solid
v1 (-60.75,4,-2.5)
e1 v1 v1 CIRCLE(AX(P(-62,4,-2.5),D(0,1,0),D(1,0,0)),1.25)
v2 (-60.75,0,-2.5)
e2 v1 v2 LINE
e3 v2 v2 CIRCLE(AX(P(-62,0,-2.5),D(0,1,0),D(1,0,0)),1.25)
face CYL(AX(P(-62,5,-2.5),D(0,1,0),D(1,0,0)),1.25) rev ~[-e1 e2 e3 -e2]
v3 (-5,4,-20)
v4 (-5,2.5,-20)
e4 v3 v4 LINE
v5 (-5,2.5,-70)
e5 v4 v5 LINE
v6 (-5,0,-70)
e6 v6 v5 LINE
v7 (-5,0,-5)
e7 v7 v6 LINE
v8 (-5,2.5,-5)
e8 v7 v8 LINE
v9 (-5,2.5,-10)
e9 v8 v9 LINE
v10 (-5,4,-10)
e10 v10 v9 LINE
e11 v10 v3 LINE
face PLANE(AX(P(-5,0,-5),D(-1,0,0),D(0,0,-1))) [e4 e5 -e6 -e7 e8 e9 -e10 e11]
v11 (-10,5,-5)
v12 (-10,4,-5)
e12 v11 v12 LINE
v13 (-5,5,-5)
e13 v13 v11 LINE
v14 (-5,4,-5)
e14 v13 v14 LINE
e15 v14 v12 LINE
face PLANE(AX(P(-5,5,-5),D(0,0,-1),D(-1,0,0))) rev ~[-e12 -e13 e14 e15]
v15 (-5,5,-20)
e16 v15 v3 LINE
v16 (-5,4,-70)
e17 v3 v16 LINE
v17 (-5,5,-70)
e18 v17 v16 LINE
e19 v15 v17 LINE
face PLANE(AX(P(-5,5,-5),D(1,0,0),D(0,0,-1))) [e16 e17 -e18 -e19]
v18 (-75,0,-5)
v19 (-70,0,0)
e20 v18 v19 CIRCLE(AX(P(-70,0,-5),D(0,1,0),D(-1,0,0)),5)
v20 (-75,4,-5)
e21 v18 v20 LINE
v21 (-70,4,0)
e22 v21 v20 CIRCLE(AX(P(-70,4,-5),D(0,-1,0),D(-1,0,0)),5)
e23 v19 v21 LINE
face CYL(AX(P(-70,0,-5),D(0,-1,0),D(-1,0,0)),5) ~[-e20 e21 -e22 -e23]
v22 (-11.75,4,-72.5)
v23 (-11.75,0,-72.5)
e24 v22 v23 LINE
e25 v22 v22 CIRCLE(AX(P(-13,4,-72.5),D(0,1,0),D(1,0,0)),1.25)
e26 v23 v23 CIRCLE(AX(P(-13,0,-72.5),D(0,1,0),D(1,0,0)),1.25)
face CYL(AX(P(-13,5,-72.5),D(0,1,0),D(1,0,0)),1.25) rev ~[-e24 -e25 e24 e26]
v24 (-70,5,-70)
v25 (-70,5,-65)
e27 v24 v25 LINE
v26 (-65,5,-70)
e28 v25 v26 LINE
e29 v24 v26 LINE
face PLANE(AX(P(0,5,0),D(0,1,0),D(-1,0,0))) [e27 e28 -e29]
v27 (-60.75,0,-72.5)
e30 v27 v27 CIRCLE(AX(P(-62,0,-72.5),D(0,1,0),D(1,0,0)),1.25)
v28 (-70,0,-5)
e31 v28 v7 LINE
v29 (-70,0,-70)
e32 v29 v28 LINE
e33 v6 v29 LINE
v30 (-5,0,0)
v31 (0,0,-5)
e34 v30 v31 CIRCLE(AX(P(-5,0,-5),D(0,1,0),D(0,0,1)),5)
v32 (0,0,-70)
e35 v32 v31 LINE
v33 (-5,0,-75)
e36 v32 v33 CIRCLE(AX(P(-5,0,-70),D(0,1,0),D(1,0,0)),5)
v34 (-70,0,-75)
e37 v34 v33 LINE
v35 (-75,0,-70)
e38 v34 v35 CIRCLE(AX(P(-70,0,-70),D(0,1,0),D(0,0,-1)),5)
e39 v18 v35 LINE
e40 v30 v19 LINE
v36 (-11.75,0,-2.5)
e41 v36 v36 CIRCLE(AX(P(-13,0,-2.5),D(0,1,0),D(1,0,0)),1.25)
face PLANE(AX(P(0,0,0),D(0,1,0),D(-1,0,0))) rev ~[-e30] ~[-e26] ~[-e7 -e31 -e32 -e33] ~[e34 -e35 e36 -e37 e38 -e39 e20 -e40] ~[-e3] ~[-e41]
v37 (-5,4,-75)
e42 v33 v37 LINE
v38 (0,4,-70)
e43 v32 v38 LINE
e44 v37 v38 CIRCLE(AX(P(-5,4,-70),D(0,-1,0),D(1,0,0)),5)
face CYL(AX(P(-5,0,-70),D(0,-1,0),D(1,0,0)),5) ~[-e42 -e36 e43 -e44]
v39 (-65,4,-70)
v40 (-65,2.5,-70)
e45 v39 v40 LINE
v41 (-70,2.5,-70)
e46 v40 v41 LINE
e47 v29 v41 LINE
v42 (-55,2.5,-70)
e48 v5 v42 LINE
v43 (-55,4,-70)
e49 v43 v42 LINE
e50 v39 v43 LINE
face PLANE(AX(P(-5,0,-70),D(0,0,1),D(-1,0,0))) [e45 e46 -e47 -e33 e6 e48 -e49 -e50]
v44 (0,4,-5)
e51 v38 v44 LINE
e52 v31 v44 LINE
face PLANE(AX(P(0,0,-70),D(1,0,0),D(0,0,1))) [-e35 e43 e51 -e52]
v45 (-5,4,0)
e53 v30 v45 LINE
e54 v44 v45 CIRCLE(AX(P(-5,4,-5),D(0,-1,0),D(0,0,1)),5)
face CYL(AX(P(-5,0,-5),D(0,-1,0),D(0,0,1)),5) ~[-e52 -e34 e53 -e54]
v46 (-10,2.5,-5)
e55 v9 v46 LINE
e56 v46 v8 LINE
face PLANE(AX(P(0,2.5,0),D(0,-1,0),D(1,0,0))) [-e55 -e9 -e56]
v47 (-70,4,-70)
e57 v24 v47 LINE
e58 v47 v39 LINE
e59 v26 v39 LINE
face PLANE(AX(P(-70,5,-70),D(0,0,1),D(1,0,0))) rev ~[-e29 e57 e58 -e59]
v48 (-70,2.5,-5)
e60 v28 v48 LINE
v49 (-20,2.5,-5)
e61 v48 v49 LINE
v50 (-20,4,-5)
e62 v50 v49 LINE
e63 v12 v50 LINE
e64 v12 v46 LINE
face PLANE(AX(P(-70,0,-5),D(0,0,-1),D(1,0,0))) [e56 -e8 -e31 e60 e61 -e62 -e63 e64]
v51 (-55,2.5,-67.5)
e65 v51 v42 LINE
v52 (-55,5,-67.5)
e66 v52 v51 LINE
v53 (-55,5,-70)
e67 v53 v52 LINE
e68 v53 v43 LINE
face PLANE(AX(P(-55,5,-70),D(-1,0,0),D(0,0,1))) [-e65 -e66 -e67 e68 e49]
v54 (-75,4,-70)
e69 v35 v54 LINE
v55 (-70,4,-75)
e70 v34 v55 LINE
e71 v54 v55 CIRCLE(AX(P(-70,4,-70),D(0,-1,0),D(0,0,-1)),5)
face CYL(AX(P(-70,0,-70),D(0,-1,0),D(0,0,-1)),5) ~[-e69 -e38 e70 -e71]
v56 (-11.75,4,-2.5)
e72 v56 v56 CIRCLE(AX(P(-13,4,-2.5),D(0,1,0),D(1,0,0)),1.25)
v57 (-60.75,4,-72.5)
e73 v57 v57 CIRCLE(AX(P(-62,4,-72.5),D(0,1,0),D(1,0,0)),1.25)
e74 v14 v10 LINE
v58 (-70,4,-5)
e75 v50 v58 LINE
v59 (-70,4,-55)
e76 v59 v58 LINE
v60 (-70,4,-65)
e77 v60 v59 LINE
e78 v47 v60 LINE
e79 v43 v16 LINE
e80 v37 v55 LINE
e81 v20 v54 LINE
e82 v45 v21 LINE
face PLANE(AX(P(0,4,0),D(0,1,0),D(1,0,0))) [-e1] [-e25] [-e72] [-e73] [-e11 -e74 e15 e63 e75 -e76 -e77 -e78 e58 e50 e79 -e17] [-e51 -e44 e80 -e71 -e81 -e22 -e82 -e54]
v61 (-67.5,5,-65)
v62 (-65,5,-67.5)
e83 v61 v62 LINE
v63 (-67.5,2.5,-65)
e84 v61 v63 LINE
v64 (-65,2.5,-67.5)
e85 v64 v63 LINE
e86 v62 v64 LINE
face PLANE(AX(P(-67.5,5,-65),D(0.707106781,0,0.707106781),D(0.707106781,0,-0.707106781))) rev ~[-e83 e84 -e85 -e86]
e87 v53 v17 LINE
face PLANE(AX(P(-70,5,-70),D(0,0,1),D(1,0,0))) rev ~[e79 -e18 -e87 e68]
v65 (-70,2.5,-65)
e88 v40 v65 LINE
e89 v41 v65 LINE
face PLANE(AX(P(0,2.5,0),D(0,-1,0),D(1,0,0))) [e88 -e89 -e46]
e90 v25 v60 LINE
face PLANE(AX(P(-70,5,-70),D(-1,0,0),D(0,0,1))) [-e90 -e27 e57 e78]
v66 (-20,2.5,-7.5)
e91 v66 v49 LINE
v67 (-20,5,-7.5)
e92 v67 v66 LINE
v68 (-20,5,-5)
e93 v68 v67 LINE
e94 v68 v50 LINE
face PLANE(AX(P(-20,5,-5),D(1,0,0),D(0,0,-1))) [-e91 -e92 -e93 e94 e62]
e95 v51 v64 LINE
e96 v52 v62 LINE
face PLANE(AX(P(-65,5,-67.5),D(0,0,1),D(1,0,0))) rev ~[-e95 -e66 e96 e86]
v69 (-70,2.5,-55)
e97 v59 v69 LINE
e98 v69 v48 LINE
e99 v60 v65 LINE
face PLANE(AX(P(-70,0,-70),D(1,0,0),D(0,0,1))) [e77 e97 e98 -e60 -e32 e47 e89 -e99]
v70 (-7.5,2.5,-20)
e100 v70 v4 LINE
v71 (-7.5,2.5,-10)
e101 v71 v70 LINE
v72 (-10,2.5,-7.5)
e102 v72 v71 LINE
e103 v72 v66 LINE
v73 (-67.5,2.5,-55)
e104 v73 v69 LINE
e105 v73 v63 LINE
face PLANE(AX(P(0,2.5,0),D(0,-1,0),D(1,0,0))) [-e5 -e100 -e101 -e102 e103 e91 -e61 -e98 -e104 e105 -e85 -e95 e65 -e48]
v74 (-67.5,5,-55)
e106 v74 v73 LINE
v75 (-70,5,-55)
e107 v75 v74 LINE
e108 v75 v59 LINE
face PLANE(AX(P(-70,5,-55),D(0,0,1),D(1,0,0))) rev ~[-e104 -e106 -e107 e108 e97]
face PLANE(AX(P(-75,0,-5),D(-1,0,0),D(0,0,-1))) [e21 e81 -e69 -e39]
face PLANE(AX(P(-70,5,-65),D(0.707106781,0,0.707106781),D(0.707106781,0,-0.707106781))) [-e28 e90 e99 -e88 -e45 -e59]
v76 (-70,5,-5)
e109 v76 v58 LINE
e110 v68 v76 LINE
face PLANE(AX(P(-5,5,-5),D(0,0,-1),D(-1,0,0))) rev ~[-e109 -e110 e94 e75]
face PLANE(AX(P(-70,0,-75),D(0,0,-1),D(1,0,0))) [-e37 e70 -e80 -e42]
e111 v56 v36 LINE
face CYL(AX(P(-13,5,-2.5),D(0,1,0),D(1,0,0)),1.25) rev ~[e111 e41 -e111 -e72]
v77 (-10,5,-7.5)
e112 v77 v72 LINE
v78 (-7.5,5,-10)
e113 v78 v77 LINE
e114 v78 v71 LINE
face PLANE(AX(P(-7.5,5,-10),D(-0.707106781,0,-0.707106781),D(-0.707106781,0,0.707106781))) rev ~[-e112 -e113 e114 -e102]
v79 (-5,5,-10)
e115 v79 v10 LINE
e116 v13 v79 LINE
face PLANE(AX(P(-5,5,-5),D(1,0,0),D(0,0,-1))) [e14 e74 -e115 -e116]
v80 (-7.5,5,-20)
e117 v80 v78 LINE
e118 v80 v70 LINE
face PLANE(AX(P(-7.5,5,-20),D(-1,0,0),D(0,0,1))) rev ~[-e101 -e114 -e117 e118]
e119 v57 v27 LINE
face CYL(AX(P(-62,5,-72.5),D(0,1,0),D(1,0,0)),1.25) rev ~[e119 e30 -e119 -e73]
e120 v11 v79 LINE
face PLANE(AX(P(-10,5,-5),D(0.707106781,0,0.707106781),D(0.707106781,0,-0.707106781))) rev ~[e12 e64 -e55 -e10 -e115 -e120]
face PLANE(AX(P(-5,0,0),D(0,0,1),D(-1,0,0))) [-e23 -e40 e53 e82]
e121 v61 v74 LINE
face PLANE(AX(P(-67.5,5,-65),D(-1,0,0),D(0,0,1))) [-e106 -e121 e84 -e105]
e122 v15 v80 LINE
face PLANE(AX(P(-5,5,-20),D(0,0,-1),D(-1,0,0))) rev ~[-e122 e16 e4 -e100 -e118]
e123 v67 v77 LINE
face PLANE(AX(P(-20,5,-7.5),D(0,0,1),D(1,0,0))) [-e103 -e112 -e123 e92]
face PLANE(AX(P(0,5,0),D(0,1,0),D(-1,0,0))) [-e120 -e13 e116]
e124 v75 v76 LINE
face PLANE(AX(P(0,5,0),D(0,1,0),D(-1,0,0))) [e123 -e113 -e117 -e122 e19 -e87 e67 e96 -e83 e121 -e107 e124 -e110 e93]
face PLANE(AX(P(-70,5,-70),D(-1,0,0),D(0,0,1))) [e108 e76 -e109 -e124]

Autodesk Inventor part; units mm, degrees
ref_plane "YZ Plane" through (0, 0, 0) normal (1, 0, 0) x (0, 1, 0)
ref_plane "XZ Plane" through (0, 0, 0) normal (0, 1, 0) x (-1, 0, 0)
ref_plane "XY Plane" through (0, 0, 0) normal (0, 0, 1) x (1, 0, 0)
sketch "Esboço1" plane through (0, 0, 0) normal (0, 1, 0) x (-1, 0, 0)
  line L0 (5, 0) -> (70, 0)
  line L1 (75, -5) -> (75, -70)
  line L2 (70, -75) -> (5, -75)
  line L3 (0, -70) -> (0, -5)
  arc A0 (70, -75) -> (75, -70) centre (70, -70) ccw
  arc A1 (0, -70) -> (5, -75) centre (5, -70) ccw
  arc A2 (75, -5) -> (70, 0) centre (70, -5) ccw
  arc A3 (5, 0) -> (0, -5) centre (5, -5) ccw
  point P0 (0, 0)
  point P1 (75, -75)
  point P2 (75, 0)
  point P3 (0, -75)
  dimension "d0" = 75
  dimension "d1" = 75
  dimension "d2" = 5
extrude "Extrusão1" add sketch "Esboço1" along normal blind 5
sketch "Esboço2" plane through (0, 5, 0) normal (0, 1, 0) x (1, 0, 0)
  line L0 (0, 75) -> (-13, 75)
  line L1 (-75, 75) -> (-62, 75)
  line L2 (-75, 0) -> (-62, 0)
  line L3 (-70, 0) -> (-5, 0) projected
  line L4 (0, 0) -> (-13, 0)
  line L5 (-13, 75) -> (-13, 72.5)
  line L6 (-62, 75) -> (-62, 72.5)
  line L7 (-62, 0) -> (-62, 2.5)
  line L8 (-13, 0) -> (-13, 2.5)
  circle A0 centre (-62, 72.5) radius 1.25
  circle A1 centre (-13, 72.5) radius 1.25
  circle A2 centre (-62, 2.5) radius 1.25
  circle A3 centre (-13, 2.5) radius 1.25
  dimension "d5" = 13
  dimension "d6" = 2.5
  dimension "d7" = 2.5
  dimension "d8" = 2.5
  dimension "d9" = 2.5
  dimension "d10" = 2.5
  dimension "d11" = 2.5
extrude "Extrusão2" cut sketch "Esboço2" against normal through all
sketch "Esboço3" plane through (0, 0, 0) normal (0, -1, 0) x (1, 0, 0)
  line L0 (-5, -75) -> (-70, -75) projected
  line L1 (-5, -75) -> (-5, -70)
  line L2 (-5, -70) -> (-70, -70)
  line L3 (-70, -70) -> (-70, -5)
  line L4 (-70, -5) -> (-5, -5)
  line L5 (-5, -5) -> (-5, -70)
  point P0 (0, 0)
  dimension "d14" = 5
  dimension "d15" = 65
  dimension "d16" = 65
extrude "Extrusão3" cut sketch "Esboço3" against normal blind 2.5
sketch "Esboço4" plane through (0, 5, 0) normal (0, 1, 0) x (1, 0, 0)
  line L0 (-5, 70) -> (-70, 70) projected
  line L1 (-70, 70) -> (-65, 70)
  line L2 (-70, 70) -> (-70, 65)
  line L3 (-70, 65) -> (-65, 70)
  line L4 (-70, 5) -> (-5, 5) projected
  line L5 (-5, 5) -> (-5, 10)
  line L6 (-5, 5) -> (-5, 70) projected
  line L7 (-5, 5) -> (-10, 5)
  line L8 (-10, 5) -> (-5, 10)
  line L9 (-70, 65) -> (-70, 55)
  line L10 (-70, 70) -> (-70, 5) projected
  line L11 (-70, 55) -> (-67.5, 55)
  line L12 (-65, 70) -> (-55, 70)
  line L13 (-55, 70) -> (-55, 67.5)
  line L14 (-55, 67.5) -> (-63.9645, 67.5)
  line L15 (-65, 70) -> (-55, 70)
  line L16 (-70, 65) -> (-70, 55)
  line L17 (-67.5, 65) -> (-65, 67.5)
  line L18 (-67.5, 65) -> (-67.5, 55)
  line L19 (-65, 67.5) -> (-63.9645, 67.5)
  point P0 (0, 0)
sketch "Esboço5" plane through (0, 5, 0) normal (0, 1, 0) x (1, 0, 0)
  line L0 (-5, 5) -> (-5, 70) projected
  line L1 (-5, 10) -> (-5, 20)
  line L2 (-5, 20) -> (-7.5, 20)
  line L3 (-70, 5) -> (-5, 5) projected
  line L4 (-10, 5) -> (-20, 5)
  line L5 (-20, 5) -> (-20, 7.5)
  line L6 (-7.5, 10) -> (-10, 7.5)
  line L7 (-7.5, 20) -> (-7.5, 10)
  line L8 (-20, 7.5) -> (-10, 7.5)
  line L9 (-5, 20) -> (-5, 10)
  line L10 (-20, 5) -> (-10, 5)
  line L11 (-10, 5) -> (-5, 10)
  point P0 (0, 0)
  dimension "d23" = 2.5
  dimension "d24" = 10
  dimension "d25" = 2.5
extrude "Extrusão4" cut sketch "Esboço5" against normal through all contours L11 L3 L5 L8 L6 L7 L2 L0
extrude "Extrusão5" cut sketch "Esboço4" against normal through all contours L13 L14 L19 L17 L18 L11 L9 L3 L0
sketch "Esboço6" plane through (0, 5, 0) normal (0, 1, 0) x (1, 0, 0)
  line L0 (-70, 70) -> (-70, 5) projected
  line L1 (-5, 5) -> (-5, 70) projected
  line L2 (-70, 70) -> (-5, 70)
  line L3 (-5, 70) -> (-5, 5)
  line L4 (-5, 5) -> (-70, 5)
  line L5 (-70, 5) -> (-70, 70)
  arc A0 (0, 70) -> (-5, 75) centre (-5, 70) ccw projected
  line L6 (-5, 75) -> (0, 75)
  line L7 (0, 75) -> (0, 0)
  line L8 (0, 0) -> (-5, 0)
  line L9 (-5, 0) -> (-5, 75)
  line L10 (-75, 75) -> (0, 75)
  line L11 (0, 75) -> (0, 70)
  line L12 (0, 70) -> (-75, 70)
  line L13 (-75, 70) -> (-75, 75)
  line L14 (0, 0) -> (-75, 0)
  line L15 (-75, 0) -> (-75, 5)
  line L16 (-75, 5) -> (0, 5)
  line L17 (0, 5) -> (0, 0)
  line L18 (-75, 0) -> (-70, 0)
  line L19 (-70, 0) -> (-70, 75)
  line L20 (-70, 75) -> (-75, 75)
  line L21 (-75, 75) -> (-75, 0)
extrude "Extrusão6" cut sketch "Esboço6" against normal blind 1 contours L19 L10 L9 L2 | L0 L16 L21 L12 | L12 L13 L10 L19 | L19 L14 L15 L16 | L4 L9 L14 L19 | L12 L7 L16 L1 | L9 A0 L12 | L16 L7 L8 L9 | L6 L7 A0
thread "Rosca1" size "M2.5x0.45" class "6H" standard "ANSI Metric M Profile" length 11
thread "Rosca2" size "M2.5x0.45" class "6H" standard "ANSI Metric M Profile" length 11
thread "Rosca3" size "M2.5x0.45" class "6H" standard "ANSI Metric M Profile" length 11
thread "Rosca4" size "M2.5x0.45" class "6H" standard "ANSI Metric M Profile" length 11
properties part number "Tampa"
